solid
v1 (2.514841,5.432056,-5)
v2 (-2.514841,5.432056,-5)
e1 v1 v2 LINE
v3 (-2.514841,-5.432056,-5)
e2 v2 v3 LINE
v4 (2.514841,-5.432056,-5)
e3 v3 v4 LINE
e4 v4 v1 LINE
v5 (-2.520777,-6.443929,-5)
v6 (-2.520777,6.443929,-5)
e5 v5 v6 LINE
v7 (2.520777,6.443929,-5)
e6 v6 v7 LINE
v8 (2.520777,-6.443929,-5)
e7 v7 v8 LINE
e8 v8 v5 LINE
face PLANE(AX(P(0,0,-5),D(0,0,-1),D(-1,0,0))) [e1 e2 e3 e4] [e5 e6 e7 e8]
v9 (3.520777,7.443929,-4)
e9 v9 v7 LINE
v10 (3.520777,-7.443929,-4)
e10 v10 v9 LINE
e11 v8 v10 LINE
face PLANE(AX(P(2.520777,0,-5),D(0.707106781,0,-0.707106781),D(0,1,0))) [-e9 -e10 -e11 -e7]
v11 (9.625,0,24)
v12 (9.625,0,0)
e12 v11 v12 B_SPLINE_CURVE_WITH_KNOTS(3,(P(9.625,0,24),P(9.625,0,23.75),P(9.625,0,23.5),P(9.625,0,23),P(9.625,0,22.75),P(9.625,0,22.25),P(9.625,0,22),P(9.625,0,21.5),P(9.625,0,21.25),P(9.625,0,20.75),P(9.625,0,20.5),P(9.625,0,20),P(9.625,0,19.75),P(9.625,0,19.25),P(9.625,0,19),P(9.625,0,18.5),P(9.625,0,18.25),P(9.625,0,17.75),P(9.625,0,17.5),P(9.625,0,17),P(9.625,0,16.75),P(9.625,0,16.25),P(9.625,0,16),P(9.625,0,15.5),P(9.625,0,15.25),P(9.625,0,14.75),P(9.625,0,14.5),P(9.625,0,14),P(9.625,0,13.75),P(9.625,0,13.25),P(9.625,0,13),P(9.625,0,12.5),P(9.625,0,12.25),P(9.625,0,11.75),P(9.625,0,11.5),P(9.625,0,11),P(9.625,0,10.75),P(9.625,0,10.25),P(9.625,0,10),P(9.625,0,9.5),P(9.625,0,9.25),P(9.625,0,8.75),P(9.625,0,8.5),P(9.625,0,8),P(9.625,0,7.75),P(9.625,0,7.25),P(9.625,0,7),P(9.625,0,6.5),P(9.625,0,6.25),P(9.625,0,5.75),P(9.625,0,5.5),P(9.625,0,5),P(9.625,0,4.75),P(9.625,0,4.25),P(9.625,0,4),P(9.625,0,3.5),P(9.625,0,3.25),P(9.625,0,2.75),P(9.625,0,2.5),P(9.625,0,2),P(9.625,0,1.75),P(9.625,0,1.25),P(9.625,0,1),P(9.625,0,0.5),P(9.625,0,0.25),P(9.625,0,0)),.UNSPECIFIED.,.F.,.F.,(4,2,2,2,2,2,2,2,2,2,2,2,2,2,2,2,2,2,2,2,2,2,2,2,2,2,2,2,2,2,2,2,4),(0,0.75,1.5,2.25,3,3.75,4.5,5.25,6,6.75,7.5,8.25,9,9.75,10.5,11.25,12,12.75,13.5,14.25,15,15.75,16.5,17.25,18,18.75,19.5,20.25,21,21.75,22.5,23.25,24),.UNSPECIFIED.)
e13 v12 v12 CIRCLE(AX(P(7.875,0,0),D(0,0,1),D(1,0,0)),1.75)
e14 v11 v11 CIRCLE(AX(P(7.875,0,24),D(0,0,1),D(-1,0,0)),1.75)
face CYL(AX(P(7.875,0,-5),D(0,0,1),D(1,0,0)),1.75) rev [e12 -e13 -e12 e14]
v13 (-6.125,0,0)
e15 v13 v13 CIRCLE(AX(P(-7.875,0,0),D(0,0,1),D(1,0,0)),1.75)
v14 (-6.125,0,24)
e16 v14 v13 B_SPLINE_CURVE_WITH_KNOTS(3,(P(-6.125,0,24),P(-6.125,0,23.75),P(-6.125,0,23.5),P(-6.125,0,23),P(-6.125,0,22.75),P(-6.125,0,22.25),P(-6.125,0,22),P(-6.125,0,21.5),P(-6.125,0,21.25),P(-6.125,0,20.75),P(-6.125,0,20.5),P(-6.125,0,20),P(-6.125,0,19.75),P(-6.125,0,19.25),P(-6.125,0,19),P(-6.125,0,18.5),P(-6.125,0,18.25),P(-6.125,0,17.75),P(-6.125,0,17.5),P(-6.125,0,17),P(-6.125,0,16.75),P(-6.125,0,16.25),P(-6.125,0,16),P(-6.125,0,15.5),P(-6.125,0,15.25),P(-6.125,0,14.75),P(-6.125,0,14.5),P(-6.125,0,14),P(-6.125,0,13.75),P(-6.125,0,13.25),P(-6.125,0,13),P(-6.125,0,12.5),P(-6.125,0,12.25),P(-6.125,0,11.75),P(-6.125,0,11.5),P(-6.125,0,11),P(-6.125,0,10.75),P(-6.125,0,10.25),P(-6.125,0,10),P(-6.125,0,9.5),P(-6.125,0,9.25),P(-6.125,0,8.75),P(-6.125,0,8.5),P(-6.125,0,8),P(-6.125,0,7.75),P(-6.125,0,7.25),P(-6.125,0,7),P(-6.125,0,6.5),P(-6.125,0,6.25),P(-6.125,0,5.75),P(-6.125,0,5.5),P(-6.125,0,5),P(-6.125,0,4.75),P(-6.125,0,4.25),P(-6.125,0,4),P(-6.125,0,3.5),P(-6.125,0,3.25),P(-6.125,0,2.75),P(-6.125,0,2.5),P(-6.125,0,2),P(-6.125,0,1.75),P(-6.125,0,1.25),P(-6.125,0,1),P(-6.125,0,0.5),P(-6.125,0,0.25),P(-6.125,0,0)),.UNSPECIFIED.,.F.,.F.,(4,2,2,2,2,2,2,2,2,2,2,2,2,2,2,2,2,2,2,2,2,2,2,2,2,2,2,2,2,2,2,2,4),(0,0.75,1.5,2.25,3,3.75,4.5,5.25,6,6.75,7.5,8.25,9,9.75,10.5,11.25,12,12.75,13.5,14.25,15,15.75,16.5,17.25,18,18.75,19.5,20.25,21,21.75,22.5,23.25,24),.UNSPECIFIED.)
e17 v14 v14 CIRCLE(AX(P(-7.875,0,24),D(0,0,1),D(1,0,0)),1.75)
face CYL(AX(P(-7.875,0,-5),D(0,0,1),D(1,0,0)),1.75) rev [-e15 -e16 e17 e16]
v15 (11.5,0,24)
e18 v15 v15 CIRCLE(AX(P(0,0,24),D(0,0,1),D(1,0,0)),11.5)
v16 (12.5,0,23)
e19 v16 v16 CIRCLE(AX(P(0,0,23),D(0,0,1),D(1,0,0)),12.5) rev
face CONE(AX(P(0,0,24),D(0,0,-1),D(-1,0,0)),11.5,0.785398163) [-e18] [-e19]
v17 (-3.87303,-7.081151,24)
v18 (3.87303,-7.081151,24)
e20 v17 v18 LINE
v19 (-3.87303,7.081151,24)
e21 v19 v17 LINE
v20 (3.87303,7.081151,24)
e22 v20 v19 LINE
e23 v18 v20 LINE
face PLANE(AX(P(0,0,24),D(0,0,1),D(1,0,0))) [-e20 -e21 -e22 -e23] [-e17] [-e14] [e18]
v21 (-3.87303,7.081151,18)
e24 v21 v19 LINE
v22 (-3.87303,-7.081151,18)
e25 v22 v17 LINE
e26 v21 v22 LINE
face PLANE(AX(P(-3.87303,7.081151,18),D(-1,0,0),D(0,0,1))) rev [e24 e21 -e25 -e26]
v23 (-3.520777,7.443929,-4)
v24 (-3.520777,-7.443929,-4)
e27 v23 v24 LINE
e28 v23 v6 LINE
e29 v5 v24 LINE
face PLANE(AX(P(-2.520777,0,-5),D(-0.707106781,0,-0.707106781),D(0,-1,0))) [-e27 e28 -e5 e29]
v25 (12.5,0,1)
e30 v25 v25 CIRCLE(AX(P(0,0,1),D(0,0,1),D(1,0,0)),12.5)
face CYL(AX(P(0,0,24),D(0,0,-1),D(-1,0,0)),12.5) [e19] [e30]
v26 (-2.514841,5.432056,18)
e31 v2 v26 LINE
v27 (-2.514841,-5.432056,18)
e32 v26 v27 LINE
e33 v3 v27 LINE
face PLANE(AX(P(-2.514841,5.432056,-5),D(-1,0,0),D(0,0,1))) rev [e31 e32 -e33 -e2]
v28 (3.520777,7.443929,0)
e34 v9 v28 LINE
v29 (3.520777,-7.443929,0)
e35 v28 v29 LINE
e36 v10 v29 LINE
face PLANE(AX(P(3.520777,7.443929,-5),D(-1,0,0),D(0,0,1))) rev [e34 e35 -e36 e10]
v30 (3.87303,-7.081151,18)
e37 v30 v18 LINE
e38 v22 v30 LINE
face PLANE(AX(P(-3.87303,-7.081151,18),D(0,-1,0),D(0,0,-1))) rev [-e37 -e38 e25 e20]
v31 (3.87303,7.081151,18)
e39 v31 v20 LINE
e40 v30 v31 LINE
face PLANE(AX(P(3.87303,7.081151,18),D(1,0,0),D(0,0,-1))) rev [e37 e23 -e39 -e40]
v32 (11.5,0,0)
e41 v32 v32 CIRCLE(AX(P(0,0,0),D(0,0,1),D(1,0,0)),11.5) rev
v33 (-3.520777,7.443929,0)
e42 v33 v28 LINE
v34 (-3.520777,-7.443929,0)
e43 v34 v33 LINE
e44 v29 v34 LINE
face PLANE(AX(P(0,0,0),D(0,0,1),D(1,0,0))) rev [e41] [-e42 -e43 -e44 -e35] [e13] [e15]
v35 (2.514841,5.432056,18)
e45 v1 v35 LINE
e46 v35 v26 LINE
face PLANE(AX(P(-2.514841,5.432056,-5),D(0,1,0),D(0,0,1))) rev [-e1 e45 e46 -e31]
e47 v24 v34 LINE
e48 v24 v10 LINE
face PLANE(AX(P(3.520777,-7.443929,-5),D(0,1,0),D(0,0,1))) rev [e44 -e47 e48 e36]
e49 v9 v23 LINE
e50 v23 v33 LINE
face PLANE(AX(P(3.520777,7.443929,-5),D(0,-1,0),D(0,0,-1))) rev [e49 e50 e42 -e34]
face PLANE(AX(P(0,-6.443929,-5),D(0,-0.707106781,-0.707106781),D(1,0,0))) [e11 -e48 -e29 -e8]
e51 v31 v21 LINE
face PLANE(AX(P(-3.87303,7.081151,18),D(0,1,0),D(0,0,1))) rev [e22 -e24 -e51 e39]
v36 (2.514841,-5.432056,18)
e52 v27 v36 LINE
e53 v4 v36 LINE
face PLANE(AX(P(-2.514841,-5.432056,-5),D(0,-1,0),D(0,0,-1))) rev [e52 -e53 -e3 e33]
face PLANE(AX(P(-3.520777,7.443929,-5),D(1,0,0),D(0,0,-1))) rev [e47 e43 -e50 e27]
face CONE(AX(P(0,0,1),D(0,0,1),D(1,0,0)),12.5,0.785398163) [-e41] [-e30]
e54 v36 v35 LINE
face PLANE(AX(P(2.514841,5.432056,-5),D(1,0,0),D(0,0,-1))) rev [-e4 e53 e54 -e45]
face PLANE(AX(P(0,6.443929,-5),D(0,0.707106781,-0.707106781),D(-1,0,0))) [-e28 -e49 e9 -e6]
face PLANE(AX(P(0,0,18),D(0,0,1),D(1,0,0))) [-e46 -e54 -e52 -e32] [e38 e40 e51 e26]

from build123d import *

# Parameters (mm, degrees)
CROQUIS1_R              = 12.5
SALIENTE_EXTRUIR1_DEPTH = 24
CROQUIS2_W              = 7.746059902
CROQUIS2_H              = 14.16230267
CORTAR_EXTRUIR1_DEPTH   = 6
CROQUIS3_W              = 7.04155471
CROQUIS3_H              = 14.887858528
SALIENTE_EXTRUIR2_DEPTH = 5
CHAFL_N1_SIZE           = 1
CHAFL_N2_SIZE           = 1
CROQUIS4_R              = 1.75
CORTAR_EXTRUIR2_DEPTH   = 34.963215395
CHAFL_N3_SIZE           = 1
CROQUIS5_W              = 5.029681936
CROQUIS5_H              = 10.86411298
CORTAR_EXTRUIR3_DEPTH   = 30.008619409


with BuildPart() as part:
    # Croquis1 → Saliente-Extruir1 (new body)
    with BuildSketch(Plane.XY):
        Circle(CROQUIS1_R)
    extrude(amount=SALIENTE_EXTRUIR1_DEPTH)

    # Croquis2 → Cortar-Extruir1 (cut)
    with BuildSketch(Plane.XY.offset(24)):
        Rectangle(CROQUIS2_W, CROQUIS2_H)
    extrude(amount=-CORTAR_EXTRUIR1_DEPTH, mode=Mode.SUBTRACT)

    # Croquis3 → Saliente-Extruir2 (add)
    with BuildSketch(Plane(origin=(0, 0, 0), x_dir=(-1, 0, 0), z_dir=(0, 0, -1))):
        Rectangle(CROQUIS3_W, CROQUIS3_H)
    extrude(amount=SALIENTE_EXTRUIR2_DEPTH)

    # Chaflán1
    chafl_n1_edges = [part.edges().sort_by_distance(p)[0] for p in [
        (-3.520777355, 0, -5),
        (0, 7.443929264, -5),
        (3.520777355, 0, -5),
        (0, -7.443929264, -5),
    ]]
    chamfer(chafl_n1_edges, length=CHAFL_N1_SIZE)

    # Chaflán2
    chafl_n2_edges = [part.edges().sort_by_distance(p)[0] for p in [
        (-12.5, 0, 0),
    ]]
    chamfer(chafl_n2_edges, length=CHAFL_N2_SIZE)

    # Croquis4 → Cortar-Extruir2 (cut, through all)
    with BuildSketch(Plane.XY.offset(24)):
        with Locations((-7.875, 0)):
            Circle(CROQUIS4_R)
        with Locations((7.875, 0)):
            Circle(CROQUIS4_R)
    extrude(amount=-CORTAR_EXTRUIR2_DEPTH, mode=Mode.SUBTRACT)

    # Chaflán3
    chafl_n3_edges = [part.edges().sort_by_distance(p)[0] for p in [
        (-12.5, 0, 24),
    ]]
    chamfer(chafl_n3_edges, length=CHAFL_N3_SIZE)

    # Croquis5 → Cortar-Extruir3 (cut, through all)
    with BuildSketch(Plane.XY.offset(18)):
        Rectangle(CROQUIS5_W, CROQUIS5_H)
    extrude(amount=-CORTAR_EXTRUIR3_DEPTH, mode=Mode.SUBTRACT)


solid = part.part
